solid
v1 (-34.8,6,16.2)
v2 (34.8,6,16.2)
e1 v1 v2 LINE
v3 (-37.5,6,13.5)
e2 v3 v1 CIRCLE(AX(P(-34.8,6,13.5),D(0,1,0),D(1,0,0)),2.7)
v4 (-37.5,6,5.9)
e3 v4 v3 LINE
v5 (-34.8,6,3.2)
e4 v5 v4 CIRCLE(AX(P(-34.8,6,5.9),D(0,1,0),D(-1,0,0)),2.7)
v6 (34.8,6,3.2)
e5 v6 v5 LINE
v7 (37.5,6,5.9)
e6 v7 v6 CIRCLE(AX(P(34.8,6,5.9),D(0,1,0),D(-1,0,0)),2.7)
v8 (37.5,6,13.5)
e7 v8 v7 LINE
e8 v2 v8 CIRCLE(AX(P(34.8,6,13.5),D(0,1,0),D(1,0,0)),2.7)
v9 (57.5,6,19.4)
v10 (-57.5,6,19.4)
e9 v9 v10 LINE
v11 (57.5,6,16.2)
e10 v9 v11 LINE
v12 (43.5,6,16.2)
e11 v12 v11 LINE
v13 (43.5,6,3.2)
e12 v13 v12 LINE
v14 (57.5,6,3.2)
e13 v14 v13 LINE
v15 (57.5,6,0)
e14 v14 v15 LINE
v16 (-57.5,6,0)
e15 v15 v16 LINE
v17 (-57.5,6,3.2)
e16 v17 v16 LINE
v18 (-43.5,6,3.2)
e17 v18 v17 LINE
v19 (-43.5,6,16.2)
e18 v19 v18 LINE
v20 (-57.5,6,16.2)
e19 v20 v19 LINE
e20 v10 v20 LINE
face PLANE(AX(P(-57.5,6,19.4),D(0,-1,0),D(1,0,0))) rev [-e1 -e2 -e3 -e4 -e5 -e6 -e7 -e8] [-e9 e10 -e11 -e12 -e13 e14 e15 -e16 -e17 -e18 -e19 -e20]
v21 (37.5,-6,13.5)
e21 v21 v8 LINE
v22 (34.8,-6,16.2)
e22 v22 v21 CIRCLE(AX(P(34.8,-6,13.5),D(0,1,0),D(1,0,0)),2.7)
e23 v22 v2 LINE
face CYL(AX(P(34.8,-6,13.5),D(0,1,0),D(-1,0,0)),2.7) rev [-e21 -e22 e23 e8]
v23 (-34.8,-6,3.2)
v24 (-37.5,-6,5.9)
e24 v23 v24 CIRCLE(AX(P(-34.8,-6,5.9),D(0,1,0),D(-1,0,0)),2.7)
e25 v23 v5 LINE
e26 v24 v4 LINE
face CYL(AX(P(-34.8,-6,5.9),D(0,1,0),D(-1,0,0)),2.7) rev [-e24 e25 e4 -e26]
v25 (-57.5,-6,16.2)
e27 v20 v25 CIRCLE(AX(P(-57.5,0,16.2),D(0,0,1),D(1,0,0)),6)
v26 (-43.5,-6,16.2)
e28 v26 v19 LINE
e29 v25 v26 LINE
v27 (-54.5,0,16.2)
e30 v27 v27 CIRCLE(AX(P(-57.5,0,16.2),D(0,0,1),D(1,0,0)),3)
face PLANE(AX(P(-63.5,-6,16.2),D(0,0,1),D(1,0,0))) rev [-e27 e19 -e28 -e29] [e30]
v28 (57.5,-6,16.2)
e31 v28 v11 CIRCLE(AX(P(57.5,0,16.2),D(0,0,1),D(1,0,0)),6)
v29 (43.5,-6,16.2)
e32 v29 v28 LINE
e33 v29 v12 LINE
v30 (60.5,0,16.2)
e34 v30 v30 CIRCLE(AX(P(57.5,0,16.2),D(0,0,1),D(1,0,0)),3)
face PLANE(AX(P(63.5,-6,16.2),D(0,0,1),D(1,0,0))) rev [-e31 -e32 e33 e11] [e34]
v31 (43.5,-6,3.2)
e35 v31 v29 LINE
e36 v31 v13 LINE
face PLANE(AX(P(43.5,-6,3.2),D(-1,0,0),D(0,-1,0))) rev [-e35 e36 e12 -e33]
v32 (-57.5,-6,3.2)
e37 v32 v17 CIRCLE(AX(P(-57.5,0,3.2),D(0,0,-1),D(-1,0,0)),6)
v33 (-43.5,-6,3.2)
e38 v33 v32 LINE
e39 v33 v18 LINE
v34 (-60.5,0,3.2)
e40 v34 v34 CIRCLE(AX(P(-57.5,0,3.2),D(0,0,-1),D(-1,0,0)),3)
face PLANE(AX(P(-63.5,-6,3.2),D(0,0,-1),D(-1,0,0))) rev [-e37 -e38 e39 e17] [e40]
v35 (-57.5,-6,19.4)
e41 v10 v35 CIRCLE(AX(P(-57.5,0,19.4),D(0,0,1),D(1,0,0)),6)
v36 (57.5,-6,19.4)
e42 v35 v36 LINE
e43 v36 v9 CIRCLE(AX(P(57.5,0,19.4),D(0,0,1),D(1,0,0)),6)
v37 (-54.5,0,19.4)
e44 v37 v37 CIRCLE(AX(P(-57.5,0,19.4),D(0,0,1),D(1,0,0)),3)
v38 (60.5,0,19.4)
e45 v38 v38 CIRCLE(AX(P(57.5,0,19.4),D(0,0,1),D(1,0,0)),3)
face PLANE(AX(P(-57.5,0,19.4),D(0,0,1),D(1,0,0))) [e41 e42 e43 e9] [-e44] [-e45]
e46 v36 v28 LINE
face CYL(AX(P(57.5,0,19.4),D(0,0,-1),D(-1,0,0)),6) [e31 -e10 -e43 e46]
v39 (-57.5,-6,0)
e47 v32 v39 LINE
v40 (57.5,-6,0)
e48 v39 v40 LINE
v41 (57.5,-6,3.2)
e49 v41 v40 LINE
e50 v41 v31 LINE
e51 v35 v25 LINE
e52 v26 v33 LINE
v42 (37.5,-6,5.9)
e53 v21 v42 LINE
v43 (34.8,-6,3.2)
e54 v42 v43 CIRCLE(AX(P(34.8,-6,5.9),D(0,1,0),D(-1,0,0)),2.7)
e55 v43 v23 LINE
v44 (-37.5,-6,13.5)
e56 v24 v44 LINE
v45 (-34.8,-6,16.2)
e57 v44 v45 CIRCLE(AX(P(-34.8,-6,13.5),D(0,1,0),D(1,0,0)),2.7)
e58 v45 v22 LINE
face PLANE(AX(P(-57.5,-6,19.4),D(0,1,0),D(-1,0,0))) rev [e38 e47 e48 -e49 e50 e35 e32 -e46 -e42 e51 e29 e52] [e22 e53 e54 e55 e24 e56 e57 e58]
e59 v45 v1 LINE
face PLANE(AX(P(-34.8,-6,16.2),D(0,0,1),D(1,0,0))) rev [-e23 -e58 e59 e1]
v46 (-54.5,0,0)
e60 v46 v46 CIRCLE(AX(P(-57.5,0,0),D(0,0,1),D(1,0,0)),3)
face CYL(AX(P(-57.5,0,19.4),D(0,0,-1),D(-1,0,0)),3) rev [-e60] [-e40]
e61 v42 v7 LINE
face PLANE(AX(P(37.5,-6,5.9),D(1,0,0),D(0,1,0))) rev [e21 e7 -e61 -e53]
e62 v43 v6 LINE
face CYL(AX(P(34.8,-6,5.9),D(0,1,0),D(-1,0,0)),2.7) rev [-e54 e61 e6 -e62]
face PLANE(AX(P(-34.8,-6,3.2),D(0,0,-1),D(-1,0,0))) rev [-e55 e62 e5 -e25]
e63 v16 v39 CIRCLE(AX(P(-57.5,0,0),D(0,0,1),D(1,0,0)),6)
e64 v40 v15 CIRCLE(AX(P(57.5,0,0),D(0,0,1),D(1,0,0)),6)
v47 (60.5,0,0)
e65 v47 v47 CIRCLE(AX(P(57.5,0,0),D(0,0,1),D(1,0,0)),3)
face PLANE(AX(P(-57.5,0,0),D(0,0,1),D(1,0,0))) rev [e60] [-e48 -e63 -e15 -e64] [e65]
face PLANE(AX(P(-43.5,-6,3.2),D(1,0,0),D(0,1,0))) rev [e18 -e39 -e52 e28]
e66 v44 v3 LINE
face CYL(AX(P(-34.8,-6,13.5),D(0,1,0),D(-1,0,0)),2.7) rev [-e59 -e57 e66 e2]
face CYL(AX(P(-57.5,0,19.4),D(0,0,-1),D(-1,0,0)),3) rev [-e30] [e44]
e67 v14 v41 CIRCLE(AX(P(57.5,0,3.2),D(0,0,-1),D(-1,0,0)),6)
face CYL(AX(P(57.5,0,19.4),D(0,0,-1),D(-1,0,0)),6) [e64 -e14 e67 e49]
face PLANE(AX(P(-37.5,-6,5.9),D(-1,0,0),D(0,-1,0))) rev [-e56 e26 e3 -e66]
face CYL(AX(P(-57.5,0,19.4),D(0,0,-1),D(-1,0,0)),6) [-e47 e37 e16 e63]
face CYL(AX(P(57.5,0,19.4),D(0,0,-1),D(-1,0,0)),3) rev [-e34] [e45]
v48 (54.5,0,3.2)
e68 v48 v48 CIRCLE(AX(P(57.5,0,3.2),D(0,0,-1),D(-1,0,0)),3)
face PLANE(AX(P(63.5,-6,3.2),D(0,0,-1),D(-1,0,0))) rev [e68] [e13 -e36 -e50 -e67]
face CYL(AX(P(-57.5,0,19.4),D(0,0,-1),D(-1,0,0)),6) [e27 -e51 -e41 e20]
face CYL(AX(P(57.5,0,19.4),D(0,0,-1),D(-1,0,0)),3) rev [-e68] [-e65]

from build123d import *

# Parameters (mm, degrees)
SKETCH_1_R          = 3
EXTRUDE_1_DEPTH     = 19.4
SKETCH_2_W          = 20
SKETCH_2_H          = 13
CUT_EXTRUDE_1_DEPTH = 68.47303165


with BuildPart() as part:
    # 草图1 → 凸台-拉伸1 (new body)
    with BuildSketch(Plane.XY):
        with BuildLine():
            Line((-57.5, 6), (57.5, 6))
            ThreePointArc((57.5, 6), (63.5, 0), (57.5, -6))
            Line((57.5, -6), (-57.5, -6))
            ThreePointArc((-57.5, -6), (-63.5, 0), (-57.5, 6))
        make_face()
        with Locations((-57.5, 0)):
            Circle(SKETCH_1_R, mode=Mode.SUBTRACT)
        with Locations((57.5, 0)):
            Circle(SKETCH_1_R, mode=Mode.SUBTRACT)
    extrude(amount=EXTRUDE_1_DEPTH)

    # 草图2 → 切除-拉伸1 (cut, through all)
    with BuildSketch(Plane(origin=(0, 6, 0), x_dir=(1, 0, 0), z_dir=(0, 1, 0))):
        with Locations((-53.5, -9.7)):
            Rectangle(SKETCH_2_W, SKETCH_2_H)
        with Locations((53.5, -9.7)):
            Rectangle(SKETCH_2_W, SKETCH_2_H)
        with BuildLine():
            Line((-34.8, -3.2), (34.8, -3.2))
            ThreePointArc((34.8, -3.2), (36.709188309, -3.990811691), (37.5, -5.9))
            Line((37.5, -5.9), (37.5, -13.5))
            ThreePointArc((37.5, -13.5), (36.709188309, -15.409188309), (34.8, -16.2))
            Line((34.8, -16.2), (-34.8, -16.2))
            ThreePointArc((-34.8, -16.2), (-36.709188309, -15.409188309), (-37.5, -13.5))
            Line((-37.5, -13.5), (-37.5, -5.9))
            ThreePointArc((-37.5, -5.9), (-36.709188309, -3.990811691), (-34.8, -3.2))
        make_face()
    extrude(amount=-CUT_EXTRUDE_1_DEPTH, mode=Mode.SUBTRACT)


solid = part.part
